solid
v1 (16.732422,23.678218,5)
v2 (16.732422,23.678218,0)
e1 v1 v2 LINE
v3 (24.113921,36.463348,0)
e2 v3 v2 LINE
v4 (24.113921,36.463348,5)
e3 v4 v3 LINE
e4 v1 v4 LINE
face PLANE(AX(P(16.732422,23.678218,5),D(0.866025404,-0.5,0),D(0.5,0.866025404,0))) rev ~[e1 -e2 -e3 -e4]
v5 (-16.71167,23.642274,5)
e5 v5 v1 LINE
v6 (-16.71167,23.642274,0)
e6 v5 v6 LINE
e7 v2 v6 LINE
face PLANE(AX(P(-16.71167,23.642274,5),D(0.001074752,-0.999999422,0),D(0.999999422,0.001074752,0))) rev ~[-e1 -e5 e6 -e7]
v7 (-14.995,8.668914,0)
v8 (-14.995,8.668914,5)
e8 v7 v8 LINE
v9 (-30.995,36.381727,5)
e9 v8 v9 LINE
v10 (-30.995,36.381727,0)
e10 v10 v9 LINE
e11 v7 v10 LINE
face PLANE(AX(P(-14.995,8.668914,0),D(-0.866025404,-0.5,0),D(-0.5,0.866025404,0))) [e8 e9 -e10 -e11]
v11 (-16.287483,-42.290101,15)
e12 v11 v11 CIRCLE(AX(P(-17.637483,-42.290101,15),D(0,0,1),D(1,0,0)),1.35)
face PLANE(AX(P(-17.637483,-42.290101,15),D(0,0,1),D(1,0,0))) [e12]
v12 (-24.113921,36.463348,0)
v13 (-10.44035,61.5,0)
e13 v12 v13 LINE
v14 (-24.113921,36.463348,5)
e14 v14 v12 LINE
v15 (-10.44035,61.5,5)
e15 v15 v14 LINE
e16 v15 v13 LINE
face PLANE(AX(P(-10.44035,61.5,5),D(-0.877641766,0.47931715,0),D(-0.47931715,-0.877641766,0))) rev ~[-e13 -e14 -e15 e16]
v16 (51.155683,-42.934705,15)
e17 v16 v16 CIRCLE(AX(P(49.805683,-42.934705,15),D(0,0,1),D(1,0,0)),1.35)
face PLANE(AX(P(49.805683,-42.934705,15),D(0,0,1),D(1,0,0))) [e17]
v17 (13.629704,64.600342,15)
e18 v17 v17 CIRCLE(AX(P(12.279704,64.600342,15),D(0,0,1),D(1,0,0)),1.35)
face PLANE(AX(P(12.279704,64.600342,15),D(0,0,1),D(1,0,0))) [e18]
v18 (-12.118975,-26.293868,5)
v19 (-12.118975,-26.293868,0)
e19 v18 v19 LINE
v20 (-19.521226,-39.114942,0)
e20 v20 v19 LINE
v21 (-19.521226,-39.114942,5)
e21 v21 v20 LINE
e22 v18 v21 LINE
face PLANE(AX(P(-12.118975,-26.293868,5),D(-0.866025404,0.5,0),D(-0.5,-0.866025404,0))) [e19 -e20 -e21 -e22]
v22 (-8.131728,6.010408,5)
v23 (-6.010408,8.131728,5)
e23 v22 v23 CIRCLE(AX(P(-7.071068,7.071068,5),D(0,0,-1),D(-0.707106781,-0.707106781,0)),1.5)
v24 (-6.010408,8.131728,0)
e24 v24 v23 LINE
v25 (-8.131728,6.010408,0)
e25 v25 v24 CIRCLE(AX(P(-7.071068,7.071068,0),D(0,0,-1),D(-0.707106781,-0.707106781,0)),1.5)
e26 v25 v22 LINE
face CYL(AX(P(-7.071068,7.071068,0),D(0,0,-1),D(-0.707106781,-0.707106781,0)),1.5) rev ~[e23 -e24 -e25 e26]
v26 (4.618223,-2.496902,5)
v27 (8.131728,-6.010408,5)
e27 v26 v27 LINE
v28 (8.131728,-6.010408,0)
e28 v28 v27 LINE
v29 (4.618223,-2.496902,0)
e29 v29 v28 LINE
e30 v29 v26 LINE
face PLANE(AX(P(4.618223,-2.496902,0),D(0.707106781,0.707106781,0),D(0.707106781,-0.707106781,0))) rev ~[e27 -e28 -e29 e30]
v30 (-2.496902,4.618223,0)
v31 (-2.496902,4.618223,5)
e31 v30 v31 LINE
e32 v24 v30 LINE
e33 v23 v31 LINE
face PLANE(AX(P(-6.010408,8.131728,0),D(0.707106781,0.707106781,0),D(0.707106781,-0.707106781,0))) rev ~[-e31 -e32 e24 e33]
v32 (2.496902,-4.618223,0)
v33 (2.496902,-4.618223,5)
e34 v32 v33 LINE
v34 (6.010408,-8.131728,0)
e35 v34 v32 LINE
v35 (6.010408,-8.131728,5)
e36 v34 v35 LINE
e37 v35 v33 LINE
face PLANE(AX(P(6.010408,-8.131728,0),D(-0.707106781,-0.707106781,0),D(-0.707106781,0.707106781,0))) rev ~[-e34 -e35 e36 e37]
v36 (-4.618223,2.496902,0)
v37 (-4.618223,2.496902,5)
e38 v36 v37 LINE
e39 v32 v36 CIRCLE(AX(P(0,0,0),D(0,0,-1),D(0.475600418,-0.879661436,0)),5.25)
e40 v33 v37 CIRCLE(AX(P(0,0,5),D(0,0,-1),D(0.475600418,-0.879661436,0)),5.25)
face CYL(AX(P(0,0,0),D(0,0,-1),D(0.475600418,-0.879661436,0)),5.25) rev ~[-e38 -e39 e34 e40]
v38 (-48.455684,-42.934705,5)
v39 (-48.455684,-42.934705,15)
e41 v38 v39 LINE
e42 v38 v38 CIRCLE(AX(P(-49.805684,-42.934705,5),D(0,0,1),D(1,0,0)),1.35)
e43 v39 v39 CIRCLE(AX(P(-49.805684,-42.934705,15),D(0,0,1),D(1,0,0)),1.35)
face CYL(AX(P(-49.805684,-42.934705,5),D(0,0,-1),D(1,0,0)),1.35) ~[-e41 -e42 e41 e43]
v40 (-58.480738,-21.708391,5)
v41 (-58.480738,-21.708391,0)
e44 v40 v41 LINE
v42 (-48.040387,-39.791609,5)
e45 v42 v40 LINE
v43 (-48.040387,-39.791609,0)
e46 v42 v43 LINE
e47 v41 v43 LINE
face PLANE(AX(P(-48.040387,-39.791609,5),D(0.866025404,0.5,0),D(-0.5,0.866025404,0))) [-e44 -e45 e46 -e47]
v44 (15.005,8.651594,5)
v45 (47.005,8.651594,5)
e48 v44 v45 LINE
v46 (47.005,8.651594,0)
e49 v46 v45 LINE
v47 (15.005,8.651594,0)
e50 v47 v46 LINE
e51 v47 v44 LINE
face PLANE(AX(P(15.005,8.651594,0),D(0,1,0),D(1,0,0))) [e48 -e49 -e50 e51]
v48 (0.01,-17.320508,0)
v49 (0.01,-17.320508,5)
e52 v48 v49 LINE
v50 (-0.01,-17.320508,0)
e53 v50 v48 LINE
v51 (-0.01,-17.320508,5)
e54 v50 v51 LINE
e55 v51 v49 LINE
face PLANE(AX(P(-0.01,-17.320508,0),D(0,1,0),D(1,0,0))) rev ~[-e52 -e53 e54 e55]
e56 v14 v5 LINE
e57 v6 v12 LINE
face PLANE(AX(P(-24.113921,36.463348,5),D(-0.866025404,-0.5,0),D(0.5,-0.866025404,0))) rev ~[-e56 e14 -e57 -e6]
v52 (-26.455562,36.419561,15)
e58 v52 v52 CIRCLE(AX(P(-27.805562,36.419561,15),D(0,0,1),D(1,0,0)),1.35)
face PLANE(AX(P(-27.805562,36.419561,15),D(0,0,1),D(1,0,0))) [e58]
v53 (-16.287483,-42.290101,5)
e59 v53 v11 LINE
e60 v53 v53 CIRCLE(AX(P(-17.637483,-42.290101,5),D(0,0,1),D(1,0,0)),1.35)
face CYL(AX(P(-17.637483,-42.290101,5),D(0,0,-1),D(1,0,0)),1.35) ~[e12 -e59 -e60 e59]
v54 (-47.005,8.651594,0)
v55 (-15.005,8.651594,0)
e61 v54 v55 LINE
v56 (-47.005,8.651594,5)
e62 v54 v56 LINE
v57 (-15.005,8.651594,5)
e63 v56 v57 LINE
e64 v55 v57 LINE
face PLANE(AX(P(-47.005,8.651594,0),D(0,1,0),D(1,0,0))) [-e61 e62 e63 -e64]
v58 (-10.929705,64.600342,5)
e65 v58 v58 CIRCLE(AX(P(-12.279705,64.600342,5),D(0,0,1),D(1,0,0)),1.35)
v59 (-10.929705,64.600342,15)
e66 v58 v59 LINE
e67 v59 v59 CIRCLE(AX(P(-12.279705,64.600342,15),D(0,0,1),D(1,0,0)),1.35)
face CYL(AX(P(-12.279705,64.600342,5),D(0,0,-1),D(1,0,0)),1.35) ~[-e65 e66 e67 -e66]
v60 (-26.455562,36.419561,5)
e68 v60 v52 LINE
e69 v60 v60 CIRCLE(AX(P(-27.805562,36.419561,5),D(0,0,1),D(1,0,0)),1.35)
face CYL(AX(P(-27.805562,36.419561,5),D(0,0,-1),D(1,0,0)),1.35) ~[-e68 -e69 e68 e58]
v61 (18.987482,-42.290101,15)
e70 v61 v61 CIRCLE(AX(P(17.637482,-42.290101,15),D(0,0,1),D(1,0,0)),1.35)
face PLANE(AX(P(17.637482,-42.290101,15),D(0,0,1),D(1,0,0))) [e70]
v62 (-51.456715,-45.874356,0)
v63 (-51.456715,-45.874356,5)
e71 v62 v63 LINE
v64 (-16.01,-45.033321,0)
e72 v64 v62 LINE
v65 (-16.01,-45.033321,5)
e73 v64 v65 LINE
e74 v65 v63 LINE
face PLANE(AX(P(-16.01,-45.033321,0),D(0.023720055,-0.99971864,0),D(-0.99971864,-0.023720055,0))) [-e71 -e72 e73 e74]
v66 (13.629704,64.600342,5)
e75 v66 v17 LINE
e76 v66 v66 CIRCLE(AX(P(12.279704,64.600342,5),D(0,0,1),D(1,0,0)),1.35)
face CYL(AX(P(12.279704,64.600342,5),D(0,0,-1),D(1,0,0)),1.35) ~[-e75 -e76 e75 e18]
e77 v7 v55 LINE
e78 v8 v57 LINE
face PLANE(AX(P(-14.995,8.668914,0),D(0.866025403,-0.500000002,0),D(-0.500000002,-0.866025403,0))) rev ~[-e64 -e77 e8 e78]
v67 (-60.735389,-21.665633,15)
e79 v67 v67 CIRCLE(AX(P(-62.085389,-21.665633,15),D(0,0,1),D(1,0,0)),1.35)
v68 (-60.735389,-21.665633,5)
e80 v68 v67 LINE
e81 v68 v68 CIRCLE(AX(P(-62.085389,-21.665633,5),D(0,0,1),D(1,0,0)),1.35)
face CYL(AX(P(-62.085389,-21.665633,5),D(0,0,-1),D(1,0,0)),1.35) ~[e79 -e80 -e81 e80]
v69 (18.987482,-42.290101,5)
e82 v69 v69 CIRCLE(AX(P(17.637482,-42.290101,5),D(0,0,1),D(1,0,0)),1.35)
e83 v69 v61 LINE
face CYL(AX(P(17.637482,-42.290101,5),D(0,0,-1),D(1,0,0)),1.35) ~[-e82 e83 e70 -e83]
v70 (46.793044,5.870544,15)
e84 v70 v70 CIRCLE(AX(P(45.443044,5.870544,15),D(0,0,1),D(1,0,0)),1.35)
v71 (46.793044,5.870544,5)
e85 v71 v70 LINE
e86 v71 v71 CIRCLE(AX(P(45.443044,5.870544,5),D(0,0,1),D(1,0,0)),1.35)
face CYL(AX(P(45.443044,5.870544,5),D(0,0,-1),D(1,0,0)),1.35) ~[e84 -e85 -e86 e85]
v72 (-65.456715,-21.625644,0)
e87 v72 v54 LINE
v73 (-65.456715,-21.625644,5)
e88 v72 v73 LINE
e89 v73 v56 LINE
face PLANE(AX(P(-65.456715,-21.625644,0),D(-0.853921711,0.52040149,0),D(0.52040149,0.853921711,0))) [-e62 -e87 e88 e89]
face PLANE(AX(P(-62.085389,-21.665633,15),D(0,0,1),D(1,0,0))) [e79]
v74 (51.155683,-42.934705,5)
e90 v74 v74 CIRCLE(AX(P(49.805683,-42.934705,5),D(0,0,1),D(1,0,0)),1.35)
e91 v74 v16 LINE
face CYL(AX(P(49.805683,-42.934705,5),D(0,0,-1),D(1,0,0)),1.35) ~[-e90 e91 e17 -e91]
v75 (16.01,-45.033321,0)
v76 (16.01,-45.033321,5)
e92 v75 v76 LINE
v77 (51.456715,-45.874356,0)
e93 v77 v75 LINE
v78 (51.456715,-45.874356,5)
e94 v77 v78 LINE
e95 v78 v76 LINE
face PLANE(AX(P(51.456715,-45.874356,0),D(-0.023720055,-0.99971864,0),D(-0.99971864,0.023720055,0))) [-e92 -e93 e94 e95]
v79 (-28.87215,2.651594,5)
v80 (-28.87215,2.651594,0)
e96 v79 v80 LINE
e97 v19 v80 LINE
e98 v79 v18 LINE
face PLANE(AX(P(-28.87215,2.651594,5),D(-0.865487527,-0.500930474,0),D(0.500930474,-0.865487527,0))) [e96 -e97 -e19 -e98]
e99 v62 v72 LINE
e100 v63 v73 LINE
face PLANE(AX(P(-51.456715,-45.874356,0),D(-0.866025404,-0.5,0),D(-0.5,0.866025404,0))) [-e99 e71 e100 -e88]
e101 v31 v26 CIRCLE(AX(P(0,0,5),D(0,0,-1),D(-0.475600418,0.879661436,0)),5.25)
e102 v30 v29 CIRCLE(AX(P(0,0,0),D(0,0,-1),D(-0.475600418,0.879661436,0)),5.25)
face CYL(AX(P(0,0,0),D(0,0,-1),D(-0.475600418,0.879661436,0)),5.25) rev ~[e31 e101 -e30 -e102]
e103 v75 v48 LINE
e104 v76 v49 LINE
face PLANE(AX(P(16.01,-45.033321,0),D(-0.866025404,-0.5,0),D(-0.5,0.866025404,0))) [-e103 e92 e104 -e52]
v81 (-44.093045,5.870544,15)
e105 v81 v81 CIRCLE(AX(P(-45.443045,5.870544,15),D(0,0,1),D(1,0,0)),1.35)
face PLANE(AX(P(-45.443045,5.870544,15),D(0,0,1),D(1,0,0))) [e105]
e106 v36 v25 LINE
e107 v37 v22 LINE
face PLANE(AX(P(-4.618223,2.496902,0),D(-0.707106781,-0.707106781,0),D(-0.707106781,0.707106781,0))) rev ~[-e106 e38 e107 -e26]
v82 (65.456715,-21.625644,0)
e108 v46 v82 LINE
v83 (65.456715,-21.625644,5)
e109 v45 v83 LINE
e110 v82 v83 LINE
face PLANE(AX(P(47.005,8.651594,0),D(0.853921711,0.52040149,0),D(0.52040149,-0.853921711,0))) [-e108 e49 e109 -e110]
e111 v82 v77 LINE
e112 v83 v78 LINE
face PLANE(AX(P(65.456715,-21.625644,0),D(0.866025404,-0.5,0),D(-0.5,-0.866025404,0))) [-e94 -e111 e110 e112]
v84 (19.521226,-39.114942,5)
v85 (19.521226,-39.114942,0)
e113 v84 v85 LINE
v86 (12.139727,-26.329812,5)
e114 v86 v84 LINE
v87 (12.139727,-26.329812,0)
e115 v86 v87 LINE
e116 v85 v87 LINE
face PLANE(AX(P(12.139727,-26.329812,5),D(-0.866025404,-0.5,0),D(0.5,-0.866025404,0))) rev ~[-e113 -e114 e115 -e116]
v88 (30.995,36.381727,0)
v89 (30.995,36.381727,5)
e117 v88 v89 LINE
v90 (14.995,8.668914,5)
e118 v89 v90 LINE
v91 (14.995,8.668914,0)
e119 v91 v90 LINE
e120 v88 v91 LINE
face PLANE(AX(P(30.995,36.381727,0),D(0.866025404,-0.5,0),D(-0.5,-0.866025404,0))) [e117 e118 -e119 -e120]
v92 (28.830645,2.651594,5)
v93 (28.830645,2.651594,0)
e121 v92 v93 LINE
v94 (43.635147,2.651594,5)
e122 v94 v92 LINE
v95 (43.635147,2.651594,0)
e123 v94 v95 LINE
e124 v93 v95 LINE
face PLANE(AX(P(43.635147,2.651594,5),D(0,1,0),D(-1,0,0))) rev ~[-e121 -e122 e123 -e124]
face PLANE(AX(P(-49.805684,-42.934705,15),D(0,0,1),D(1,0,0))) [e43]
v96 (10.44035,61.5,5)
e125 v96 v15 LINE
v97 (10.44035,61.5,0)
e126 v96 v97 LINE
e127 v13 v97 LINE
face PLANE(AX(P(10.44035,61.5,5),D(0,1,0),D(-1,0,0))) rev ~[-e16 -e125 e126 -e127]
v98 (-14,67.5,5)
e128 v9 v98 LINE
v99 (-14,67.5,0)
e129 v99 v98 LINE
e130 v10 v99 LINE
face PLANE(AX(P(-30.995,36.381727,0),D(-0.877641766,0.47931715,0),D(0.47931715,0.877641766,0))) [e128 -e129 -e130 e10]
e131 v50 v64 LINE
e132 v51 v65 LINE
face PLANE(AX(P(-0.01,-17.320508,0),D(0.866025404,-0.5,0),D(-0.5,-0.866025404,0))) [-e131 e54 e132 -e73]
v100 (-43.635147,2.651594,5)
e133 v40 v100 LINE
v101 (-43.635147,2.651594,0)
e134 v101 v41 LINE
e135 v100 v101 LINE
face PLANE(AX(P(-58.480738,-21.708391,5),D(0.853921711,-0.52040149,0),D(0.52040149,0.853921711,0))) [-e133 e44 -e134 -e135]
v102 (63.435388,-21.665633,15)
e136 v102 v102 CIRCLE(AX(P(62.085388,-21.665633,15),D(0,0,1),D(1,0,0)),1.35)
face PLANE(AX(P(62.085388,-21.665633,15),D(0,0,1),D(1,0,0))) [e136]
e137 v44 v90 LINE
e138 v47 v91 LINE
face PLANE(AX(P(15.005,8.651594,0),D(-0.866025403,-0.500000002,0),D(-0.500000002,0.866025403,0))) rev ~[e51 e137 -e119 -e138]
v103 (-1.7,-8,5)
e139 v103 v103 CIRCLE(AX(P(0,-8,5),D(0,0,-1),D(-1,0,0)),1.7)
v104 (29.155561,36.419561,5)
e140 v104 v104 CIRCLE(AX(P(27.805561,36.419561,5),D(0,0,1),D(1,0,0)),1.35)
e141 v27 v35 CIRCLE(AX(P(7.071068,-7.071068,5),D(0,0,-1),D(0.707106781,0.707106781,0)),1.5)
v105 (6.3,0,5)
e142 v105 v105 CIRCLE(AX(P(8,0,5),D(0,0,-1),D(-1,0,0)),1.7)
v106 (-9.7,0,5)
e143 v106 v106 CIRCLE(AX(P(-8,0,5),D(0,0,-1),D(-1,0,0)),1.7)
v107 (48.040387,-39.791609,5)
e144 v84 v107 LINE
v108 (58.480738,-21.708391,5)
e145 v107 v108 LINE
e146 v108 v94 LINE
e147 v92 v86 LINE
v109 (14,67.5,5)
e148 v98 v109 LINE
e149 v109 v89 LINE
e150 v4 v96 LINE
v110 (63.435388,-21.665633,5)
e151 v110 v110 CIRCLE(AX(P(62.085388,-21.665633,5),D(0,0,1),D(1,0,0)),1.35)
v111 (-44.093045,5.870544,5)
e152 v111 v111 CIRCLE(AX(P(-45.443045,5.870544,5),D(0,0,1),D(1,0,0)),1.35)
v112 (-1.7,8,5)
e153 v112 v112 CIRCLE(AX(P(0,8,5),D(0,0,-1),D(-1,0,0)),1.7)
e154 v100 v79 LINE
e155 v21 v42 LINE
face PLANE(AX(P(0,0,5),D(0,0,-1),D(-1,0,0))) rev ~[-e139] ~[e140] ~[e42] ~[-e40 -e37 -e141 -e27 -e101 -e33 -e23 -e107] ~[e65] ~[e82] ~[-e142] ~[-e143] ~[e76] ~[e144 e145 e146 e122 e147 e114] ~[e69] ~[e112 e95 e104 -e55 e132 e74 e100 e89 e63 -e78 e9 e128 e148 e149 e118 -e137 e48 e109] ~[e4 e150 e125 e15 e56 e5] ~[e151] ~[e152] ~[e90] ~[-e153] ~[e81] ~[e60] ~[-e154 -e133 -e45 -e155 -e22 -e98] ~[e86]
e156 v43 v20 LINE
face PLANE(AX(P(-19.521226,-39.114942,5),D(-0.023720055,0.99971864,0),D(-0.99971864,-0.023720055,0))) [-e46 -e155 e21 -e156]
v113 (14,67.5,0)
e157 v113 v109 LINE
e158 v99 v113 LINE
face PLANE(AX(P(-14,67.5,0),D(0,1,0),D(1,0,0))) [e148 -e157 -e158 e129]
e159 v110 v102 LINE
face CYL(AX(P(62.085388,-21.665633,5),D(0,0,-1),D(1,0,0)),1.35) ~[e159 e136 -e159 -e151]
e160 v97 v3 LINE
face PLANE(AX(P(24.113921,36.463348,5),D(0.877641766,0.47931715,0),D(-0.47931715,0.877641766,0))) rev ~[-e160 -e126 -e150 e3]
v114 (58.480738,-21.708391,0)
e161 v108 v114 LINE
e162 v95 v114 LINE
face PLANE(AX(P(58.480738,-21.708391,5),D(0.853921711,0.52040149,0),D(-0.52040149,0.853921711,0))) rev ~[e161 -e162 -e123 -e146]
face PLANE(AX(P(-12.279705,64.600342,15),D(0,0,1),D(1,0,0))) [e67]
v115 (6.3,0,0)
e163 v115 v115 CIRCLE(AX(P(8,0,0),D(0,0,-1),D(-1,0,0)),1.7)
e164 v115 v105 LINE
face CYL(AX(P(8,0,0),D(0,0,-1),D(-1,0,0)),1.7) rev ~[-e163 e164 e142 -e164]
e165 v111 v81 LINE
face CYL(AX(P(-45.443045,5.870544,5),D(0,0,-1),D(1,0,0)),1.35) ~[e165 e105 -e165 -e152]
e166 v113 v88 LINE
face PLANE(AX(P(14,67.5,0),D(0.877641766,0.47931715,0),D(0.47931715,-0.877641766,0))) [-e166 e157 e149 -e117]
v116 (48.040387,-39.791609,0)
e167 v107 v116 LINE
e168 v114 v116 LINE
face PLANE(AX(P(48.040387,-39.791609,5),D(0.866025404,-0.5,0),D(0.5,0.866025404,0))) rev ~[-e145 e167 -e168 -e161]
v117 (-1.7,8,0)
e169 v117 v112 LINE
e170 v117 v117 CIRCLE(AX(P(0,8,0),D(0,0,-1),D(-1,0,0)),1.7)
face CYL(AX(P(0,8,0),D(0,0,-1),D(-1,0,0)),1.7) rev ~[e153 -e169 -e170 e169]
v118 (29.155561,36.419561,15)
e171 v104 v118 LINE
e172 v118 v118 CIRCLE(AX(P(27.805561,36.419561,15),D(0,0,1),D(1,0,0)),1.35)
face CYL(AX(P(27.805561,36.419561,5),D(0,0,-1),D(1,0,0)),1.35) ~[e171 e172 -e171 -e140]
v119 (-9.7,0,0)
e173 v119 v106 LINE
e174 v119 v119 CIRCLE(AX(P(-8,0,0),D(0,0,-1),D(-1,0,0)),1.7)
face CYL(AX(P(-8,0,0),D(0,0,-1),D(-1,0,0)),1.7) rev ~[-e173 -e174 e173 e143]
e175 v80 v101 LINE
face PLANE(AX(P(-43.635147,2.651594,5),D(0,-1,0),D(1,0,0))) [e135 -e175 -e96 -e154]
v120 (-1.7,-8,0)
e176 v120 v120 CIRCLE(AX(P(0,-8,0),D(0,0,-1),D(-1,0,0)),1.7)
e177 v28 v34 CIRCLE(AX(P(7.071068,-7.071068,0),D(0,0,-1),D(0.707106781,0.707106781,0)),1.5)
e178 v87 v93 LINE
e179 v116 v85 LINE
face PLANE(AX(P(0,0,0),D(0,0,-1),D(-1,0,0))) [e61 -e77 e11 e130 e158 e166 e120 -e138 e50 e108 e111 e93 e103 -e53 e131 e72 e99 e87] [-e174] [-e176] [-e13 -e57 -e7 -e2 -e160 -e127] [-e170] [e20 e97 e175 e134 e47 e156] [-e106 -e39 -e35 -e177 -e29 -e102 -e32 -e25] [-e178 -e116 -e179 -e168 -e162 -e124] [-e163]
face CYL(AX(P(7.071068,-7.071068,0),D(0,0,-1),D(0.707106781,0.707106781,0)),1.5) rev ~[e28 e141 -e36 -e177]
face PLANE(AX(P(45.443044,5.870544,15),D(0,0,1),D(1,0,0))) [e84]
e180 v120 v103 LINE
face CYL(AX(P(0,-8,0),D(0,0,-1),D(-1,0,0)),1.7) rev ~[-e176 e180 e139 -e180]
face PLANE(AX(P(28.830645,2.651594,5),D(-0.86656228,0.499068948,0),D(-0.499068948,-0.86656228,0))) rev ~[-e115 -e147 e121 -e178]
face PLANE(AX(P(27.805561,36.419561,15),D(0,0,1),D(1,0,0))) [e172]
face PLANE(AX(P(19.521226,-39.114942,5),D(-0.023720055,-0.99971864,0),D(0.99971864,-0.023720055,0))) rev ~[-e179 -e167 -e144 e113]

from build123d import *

# Parameters (mm, degrees)
BOSS_EXTRUDE1_DEPTH = 5
CUT_EXTRUDE1_DEPTH  = 95.158544522
CUT_EXTRUDE2_DEPTH  = 5
SKETCH5_R           = 1.35
BOSS_EXTRUDE2_DEPTH = 10
SKETCH6_R           = 1.7
CUT_EXTRUDE3_DEPTH  = 5


with BuildPart() as part:
    # Sketch1 → Boss-Extrude1 (new body)
    with BuildSketch(Plane.XY):
        Polygon((-30.995, 36.381727213), (-14, 67.5), (14, 67.5), (30.995, 36.381727213), (14.995, 8.668914292), (15, 8.660254038), (15.005, 8.651593784), (47.005, 8.651593784), (65.456714755, -21.625644347), (51.456714755, -45.874355653), (16.01, -45.033320997), (0.01, -17.320508076), (0, -17.320508076), (-0.01, -17.320508076), (-16.01, -45.033320997), (-51.456714755, -45.874355653), (-65.456714755, -21.625644347), (-47.005, 8.651593784), (-15.005, 8.651593784), (-15, 8.660254038), (-14.995, 8.668914292), align=None)
    extrude(amount=BOSS_EXTRUDE1_DEPTH)

    # Sketch2 → Cut-Extrude1 (cut, through all)
    with BuildSketch(Plane.XY.offset(5)):
        Polygon((-28.872149716, 2.651593784), (-12.118974925, -26.293867874), (-19.521225678, -39.114942267), (-48.040387098, -39.791608731), (-58.480737567, -21.708391269), (-43.63514651, 2.651593784), align=None)
        Polygon((-24.113920832, 36.463348484), (-16.71167008, 23.64227409), (16.732422435, 23.678218224), (24.113920832, 36.463348484), (10.440350469, 61.5), (-10.440350469, 61.5), align=None)
        Polygon((43.63514651, 2.651593784), (28.830645005, 2.651593784), (12.139727281, -26.329812008), (19.521225678, -39.114942267), (48.040387098, -39.791608731), (58.480737567, -21.708391269), align=None)
    extrude(amount=-CUT_EXTRUDE1_DEPTH, mode=Mode.SUBTRACT)

    # Sketch3 → Cut-Extrude2 (cut)
    with BuildSketch(Plane(origin=(0, 0, 0), x_dir=(-1, 0, 0), z_dir=(0, 0, -1))):
        with BuildLine():
            Line((6.01040764, 8.131727984), (2.496902196, 4.618222539))
            ThreePointArc((2.496902196, 4.618222539), (-3.712310601, 3.712310601), (-4.618222539, -2.496902196))
            Line((-4.618222539, -2.496902196), (-8.131727984, -6.01040764))
            ThreePointArc((-8.131727984, -6.01040764), (-8.131727984, -8.131727984), (-6.01040764, -8.131727984))
            Line((-6.01040764, -8.131727984), (-2.496902196, -4.618222539))
            ThreePointArc((-2.496902196, -4.618222539), (3.712310601, -3.712310601), (4.618222539, 2.496902196))
            Line((4.618222539, 2.496902196), (8.131727984, 6.01040764))
            ThreePointArc((8.131727984, 6.01040764), (8.131727984, 8.131727984), (6.01040764, 8.131727984))
        make_face()
    extrude(amount=-CUT_EXTRUDE2_DEPTH, mode=Mode.SUBTRACT)

    # Sketch5 → Boss-Extrude2 (add)
    with BuildSketch(Plane.XY.offset(5)):
        with Locations((-45.443044798, 5.870544436)):
            Circle(SKETCH5_R)
        with Locations((-62.08538883, -21.665632507)):
            Circle(SKETCH5_R)
        with Locations((-49.805684066, -42.93470506)):
            Circle(SKETCH5_R)
        with Locations((-17.637483295, -42.290100822)):
            Circle(SKETCH5_R)
        with Locations((27.80556106, 36.419560852)):
            Circle(SKETCH5_R)
        with Locations((12.279704321, 64.600342034)):
            Circle(SKETCH5_R)
        with Locations((-12.279705207, 64.600342034)):
            Circle(SKETCH5_R)
        with Locations((-27.805561947, 36.419560852)):
            Circle(SKETCH5_R)
        with Locations((17.637482409, -42.290100822)):
            Circle(SKETCH5_R)
        with Locations((49.80568318, -42.93470506)):
            Circle(SKETCH5_R)
        with Locations((62.085387944, -21.665632507)):
            Circle(SKETCH5_R)
        with Locations((45.443043912, 5.870544436)):
            Circle(SKETCH5_R)
    extrude(amount=BOSS_EXTRUDE2_DEPTH)

    # Sketch6 → Cut-Extrude3 (cut)
    with BuildSketch(Plane(origin=(0, 0, 0), x_dir=(-1, 0, 0), z_dir=(0, 0, -1))):
        with Locations((-8, 0)):
            Circle(SKETCH6_R)
        with Locations((0, -8)):
            Circle(SKETCH6_R)
        with Locations((8, 0)):
            Circle(SKETCH6_R)
        with Locations((0, 8)):
            Circle(SKETCH6_R)
    extrude(amount=-CUT_EXTRUDE3_DEPTH, mode=Mode.SUBTRACT)


solid = part.part
